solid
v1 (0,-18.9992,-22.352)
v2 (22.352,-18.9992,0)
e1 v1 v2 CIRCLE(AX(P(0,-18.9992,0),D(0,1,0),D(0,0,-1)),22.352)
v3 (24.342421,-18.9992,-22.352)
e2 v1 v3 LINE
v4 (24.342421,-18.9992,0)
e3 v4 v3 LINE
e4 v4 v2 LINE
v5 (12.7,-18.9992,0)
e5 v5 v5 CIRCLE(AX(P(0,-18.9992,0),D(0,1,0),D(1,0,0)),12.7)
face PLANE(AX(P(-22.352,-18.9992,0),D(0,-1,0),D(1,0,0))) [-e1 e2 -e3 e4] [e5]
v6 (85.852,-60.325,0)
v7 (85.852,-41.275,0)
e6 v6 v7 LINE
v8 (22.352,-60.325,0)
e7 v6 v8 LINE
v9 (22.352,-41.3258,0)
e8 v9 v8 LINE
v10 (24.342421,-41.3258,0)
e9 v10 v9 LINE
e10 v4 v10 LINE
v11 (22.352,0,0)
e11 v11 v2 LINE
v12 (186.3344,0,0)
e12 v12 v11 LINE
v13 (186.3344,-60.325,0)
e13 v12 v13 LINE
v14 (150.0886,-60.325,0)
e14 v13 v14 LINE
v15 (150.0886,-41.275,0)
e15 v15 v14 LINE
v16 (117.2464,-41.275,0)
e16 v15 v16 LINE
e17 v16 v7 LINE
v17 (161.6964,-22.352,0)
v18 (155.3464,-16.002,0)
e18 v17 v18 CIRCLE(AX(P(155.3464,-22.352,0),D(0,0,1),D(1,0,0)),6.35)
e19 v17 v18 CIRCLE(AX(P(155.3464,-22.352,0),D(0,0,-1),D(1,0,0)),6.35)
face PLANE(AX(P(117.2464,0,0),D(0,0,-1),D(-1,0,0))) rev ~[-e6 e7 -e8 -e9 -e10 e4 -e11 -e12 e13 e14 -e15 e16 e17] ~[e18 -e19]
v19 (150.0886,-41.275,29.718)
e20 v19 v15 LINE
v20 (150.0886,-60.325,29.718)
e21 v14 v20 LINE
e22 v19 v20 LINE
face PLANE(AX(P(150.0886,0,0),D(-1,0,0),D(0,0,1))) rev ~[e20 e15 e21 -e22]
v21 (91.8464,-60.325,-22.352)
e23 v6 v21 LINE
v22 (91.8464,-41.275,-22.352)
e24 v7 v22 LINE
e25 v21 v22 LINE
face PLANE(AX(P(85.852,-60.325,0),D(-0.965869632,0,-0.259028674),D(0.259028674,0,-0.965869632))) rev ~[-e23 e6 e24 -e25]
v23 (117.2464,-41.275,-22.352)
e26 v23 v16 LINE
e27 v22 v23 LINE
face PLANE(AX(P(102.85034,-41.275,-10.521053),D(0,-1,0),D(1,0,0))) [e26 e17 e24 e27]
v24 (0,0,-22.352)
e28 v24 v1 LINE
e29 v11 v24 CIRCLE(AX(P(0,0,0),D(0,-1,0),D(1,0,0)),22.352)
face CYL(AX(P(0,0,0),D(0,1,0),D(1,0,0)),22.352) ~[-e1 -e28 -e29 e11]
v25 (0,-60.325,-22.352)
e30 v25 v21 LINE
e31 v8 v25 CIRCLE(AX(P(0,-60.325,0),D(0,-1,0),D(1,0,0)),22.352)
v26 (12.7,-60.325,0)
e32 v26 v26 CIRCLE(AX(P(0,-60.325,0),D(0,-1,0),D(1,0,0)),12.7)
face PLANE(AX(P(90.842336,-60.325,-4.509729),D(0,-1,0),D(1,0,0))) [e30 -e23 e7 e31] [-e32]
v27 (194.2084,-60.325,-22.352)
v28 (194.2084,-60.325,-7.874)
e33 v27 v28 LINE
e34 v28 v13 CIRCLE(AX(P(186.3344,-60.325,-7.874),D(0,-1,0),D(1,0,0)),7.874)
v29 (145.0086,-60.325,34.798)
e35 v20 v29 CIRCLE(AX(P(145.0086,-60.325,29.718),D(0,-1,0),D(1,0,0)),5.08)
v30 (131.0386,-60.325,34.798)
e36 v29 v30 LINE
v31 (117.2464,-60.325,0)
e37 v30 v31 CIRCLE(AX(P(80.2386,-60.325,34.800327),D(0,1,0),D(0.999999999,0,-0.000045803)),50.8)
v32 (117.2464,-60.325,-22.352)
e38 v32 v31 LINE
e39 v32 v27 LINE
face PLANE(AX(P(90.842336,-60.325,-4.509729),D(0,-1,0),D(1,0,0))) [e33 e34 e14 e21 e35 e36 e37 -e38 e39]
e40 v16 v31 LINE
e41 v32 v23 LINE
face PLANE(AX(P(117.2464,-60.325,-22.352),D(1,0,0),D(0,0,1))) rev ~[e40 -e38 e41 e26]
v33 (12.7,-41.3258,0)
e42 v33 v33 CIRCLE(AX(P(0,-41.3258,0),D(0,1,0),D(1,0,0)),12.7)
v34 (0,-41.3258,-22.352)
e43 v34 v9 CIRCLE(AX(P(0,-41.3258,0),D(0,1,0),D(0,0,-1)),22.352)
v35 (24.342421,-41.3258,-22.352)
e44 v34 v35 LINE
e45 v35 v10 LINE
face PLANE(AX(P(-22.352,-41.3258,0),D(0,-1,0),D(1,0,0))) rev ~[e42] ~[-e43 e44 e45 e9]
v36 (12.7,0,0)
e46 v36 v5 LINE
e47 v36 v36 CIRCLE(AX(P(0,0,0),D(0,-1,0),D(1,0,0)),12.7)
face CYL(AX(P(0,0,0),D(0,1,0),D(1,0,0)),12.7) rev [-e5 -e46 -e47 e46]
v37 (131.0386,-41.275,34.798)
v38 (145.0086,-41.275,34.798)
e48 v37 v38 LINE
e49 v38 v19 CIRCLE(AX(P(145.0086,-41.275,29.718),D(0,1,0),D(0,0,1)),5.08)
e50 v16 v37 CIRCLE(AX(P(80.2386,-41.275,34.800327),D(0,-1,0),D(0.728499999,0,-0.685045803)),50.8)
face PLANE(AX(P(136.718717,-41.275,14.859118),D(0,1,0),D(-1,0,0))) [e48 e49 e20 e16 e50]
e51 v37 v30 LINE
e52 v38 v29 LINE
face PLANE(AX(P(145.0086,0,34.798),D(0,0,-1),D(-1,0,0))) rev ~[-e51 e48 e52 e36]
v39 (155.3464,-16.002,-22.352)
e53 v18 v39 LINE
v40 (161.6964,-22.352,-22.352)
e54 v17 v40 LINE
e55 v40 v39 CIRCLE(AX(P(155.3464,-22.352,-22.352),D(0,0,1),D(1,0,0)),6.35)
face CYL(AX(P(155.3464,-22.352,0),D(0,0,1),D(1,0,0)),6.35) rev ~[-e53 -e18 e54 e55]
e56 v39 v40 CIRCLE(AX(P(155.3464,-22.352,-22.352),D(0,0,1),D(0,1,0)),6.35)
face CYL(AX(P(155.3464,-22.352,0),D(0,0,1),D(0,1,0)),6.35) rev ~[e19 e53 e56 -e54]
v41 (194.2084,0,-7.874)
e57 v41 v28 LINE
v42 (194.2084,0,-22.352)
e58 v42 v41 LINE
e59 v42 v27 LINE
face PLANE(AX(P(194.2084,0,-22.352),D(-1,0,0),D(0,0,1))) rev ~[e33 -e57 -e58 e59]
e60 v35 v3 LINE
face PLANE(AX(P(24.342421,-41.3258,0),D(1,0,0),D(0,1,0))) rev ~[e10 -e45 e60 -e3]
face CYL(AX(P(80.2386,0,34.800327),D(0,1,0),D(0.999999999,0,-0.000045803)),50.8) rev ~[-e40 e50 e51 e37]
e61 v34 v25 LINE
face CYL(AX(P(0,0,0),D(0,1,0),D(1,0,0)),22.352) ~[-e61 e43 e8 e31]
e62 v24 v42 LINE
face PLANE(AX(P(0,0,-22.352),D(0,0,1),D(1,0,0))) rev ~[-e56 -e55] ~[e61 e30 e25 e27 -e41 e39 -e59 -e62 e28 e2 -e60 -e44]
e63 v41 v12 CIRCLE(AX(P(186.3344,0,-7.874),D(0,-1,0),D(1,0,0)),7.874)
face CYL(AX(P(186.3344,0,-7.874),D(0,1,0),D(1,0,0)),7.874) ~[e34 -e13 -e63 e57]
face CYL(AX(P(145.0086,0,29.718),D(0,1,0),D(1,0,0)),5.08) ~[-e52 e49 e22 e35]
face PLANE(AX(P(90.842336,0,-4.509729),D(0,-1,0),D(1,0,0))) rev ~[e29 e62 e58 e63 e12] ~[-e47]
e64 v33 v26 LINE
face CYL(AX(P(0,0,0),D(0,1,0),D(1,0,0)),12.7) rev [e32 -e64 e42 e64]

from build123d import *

# Parameters (mm, degrees)
F0_R     = 12.7
F1_DEPTH = 60.325
F3_DEPTH = 19.05
F4_W     = 46.6944214423
F4_H     = 22.3266
F5_DEPTH = 127
F7_DEPTH = 254
F9_DEPTH = 41.275


with BuildPart() as f1:
    # F0 (on Front) → F1 (new body)
    with BuildSketch(Plane.XZ):
        with BuildLine():
            Line((117.2464, 0), (22.352, 0))
            ThreePointArc((22.352, 0), (-15.8052507731, 15.8052507731), (0, -22.352))
            Line((0, -22.352), (194.2084, -22.352))
            Line((194.2084, -22.352), (194.2084, -7.874))
            ThreePointArc((194.2084, -7.874), (191.9021587951, -2.3062412049), (186.3344, 0))
            Line((186.3344, 0), (150.0886, 0))
            Line((150.0886, 0), (150.0886, 29.718))
            ThreePointArc((150.0886, 29.718), (148.6007024484, 33.3101024484), (145.0086, 34.798))
            Line((145.0086, 34.798), (131.0386, 34.798))
            ThreePointArc((131.0386, 34.798), (127.4644153616, 16.0823576341), (117.2464, 0))
        make_face()
        Circle(F0_R, mode=Mode.SUBTRACT)
    extrude(amount=F1_DEPTH)

    # F2 (on face) → F3 (cut)
    with BuildSketch(Plane.XZ.offset(60.325)):
        Polygon((91.8464, -22.352), (117.2464, -22.352), (117.2464, 0), (85.852, 0), align=None)
    extrude(amount=-F3_DEPTH, mode=Mode.SUBTRACT)

    # F4 (on Top) → F5 (cut, symmetric)
    with BuildSketch(Plane.XY):
        with Locations((0.9952107211, -30.1625)):
            Rectangle(F4_W, F4_H)
    extrude(amount=F5_DEPTH, both=True, mode=Mode.SUBTRACT)

    # F6 (on Top) → F7 (cut)
    with BuildSketch(Plane.XY):
        with BuildLine():
            ThreePointArc((155.3464, -16.002), (150.8562719395, -26.8421280605), (161.6964, -22.352))
            ThreePointArc((161.6964, -22.352), (159.8365280605, -17.8618719395), (155.3464, -16.002))
        make_face()
    extrude(amount=-F7_DEPTH, mode=Mode.SUBTRACT)

    # F8 (on face) → F9 (cut)
    with BuildSketch(Plane(origin=(0, 0, 0), x_dir=(-1, 0, 0), z_dir=(0, 1, 0))):
        with BuildLine():
            Line((-150.0886, 29.718), (-150.0886, 0))
            Line((-150.0886, 0), (-117.2464, 0))
            ThreePointArc((-117.2464, 0), (-127.4644153616, 16.0823576341), (-131.0386, 34.798))
            Line((-131.0386, 34.798), (-145.0086, 34.798))
            ThreePointArc((-145.0086, 34.798), (-148.6007024484, 33.3101024484), (-150.0886, 29.718))
        make_face()
    extrude(amount=-F9_DEPTH, mode=Mode.SUBTRACT)


solid = f1.part
